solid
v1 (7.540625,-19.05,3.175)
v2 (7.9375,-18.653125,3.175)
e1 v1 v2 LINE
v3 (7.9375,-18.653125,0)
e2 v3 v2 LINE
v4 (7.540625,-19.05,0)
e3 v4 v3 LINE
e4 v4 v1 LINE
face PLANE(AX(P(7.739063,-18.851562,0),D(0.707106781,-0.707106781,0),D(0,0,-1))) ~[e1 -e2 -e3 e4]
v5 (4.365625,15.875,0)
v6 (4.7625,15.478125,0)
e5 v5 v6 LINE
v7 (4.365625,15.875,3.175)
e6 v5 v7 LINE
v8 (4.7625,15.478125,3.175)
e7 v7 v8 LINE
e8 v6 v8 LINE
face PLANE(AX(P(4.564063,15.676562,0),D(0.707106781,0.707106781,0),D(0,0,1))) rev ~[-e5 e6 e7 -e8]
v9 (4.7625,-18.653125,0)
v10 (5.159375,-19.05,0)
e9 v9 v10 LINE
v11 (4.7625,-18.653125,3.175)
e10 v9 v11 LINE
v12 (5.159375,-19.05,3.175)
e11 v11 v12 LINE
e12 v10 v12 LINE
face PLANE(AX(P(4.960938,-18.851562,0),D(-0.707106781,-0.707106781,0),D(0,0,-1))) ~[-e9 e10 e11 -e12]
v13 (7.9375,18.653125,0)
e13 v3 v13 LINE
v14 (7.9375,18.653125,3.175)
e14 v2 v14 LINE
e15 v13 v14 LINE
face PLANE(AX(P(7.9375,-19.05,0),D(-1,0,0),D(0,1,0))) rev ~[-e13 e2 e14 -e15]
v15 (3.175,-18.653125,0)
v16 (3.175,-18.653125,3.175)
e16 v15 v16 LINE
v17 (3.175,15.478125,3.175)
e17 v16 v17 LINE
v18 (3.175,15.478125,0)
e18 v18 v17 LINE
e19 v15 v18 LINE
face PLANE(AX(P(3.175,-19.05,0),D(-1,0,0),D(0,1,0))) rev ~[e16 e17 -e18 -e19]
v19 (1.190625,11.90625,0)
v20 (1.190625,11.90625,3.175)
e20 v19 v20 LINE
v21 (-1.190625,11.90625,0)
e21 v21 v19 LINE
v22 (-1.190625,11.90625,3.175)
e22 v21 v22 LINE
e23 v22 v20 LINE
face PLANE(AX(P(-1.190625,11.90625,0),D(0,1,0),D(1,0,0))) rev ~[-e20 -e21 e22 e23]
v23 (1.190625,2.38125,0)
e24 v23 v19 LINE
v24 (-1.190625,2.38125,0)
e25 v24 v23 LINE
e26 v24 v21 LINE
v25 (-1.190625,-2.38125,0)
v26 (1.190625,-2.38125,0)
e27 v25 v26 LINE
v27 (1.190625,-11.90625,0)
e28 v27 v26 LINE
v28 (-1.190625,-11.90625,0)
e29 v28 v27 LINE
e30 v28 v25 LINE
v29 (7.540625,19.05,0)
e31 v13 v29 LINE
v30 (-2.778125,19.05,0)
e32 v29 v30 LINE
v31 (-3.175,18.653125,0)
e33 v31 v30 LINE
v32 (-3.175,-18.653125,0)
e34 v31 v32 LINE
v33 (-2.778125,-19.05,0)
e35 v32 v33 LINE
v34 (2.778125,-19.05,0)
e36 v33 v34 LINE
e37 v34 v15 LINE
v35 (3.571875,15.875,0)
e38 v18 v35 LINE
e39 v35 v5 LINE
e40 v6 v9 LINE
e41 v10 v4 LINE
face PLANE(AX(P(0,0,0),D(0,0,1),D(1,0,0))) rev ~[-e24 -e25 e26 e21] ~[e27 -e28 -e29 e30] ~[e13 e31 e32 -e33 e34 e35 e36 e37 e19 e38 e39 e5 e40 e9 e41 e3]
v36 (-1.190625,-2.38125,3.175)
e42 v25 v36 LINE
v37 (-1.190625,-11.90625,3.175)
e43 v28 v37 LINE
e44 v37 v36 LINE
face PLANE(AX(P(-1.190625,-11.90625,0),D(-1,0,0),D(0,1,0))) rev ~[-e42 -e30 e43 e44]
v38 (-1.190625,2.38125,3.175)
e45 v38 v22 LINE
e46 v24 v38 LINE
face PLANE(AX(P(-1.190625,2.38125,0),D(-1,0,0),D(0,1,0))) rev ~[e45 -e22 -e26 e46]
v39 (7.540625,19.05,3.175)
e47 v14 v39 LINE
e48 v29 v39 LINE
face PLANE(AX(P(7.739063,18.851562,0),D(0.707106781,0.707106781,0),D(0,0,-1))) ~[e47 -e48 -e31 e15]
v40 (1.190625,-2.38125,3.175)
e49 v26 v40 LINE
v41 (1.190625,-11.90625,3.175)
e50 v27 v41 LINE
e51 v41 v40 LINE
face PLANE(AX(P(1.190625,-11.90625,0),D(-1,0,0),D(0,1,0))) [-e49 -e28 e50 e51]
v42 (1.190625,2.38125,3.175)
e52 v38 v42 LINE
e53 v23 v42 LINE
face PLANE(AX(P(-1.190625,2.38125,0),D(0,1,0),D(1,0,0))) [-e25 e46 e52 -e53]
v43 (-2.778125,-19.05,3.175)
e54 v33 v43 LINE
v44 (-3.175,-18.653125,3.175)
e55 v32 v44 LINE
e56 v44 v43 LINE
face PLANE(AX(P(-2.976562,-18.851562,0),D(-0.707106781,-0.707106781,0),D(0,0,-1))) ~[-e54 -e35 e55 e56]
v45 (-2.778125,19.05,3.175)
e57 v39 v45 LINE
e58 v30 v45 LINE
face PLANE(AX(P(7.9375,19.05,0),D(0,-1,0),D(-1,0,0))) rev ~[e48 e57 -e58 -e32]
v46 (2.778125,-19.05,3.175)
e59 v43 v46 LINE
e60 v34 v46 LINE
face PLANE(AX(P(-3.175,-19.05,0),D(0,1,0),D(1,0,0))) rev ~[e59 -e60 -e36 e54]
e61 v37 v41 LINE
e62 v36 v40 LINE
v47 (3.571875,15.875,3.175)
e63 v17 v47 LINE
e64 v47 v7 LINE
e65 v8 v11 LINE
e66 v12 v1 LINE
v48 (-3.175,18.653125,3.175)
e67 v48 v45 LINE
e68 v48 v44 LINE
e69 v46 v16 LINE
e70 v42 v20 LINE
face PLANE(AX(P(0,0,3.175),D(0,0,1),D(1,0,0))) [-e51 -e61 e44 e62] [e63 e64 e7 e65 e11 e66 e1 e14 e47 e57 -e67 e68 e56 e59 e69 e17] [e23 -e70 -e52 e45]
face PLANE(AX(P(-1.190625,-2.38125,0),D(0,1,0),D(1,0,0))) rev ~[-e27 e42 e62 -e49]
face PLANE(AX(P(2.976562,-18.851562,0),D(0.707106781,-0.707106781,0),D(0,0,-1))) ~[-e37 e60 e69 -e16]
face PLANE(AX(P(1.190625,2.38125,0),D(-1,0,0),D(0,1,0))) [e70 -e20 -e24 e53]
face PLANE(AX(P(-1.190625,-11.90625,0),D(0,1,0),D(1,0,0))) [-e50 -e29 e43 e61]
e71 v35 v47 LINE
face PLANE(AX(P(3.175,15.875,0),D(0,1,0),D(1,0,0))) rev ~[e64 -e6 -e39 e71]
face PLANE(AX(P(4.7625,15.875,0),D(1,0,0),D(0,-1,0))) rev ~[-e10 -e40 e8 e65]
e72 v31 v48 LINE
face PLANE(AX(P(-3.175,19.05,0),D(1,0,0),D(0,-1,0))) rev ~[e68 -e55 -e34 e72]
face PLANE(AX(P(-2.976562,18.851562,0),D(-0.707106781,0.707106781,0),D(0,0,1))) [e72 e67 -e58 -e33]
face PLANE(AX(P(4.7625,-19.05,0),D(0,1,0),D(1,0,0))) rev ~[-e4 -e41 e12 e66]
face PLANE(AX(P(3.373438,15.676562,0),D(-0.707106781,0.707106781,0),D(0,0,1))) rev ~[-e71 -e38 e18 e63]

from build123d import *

# Parameters (mm, degrees)
F0_W     = 2.38125
F0_H     = 9.525
F1_DEPTH = 3.175
F2_SIZE  = 0.396875


with BuildPart() as f1:
    # F0 (on Top) → F1 (new body)
    with BuildSketch(Plane.XY):
        Polygon((3.175, 15.875), (3.175, 19.05), (-3.175, 19.05), (-3.175, -19.05), (3.175, -19.05), align=None)
        with Locations((0, -7.14375)):
            Rectangle(F0_W, F0_H, mode=Mode.SUBTRACT)
        with Locations((0, 7.14375)):
            Rectangle(F0_W, F0_H, mode=Mode.SUBTRACT)
        Polygon((7.9375, 19.05), (3.175, 19.05), (3.175, 15.875), (4.7625, 15.875), (4.7625, -19.05), (7.9375, -19.05), align=None)
    extrude(amount=F1_DEPTH)

    # F2
    f2_edges = [f1.edges().sort_by_distance(p)[0] for p in [
        (4.7625, 15.875, 1.5875),
        (3.175, 15.875, 1.5875),
        (7.9375, 19.05, 1.5875),
        (-3.175, 19.05, 1.5875),
        (7.9375, -19.05, 1.5875),
        (4.7625, -19.05, 1.5875),
        (3.175, -19.05, 1.5875),
        (-3.175, -19.05, 1.5875),
    ]]
    chamfer(f2_edges, length=F2_SIZE)


solid = f1.part
